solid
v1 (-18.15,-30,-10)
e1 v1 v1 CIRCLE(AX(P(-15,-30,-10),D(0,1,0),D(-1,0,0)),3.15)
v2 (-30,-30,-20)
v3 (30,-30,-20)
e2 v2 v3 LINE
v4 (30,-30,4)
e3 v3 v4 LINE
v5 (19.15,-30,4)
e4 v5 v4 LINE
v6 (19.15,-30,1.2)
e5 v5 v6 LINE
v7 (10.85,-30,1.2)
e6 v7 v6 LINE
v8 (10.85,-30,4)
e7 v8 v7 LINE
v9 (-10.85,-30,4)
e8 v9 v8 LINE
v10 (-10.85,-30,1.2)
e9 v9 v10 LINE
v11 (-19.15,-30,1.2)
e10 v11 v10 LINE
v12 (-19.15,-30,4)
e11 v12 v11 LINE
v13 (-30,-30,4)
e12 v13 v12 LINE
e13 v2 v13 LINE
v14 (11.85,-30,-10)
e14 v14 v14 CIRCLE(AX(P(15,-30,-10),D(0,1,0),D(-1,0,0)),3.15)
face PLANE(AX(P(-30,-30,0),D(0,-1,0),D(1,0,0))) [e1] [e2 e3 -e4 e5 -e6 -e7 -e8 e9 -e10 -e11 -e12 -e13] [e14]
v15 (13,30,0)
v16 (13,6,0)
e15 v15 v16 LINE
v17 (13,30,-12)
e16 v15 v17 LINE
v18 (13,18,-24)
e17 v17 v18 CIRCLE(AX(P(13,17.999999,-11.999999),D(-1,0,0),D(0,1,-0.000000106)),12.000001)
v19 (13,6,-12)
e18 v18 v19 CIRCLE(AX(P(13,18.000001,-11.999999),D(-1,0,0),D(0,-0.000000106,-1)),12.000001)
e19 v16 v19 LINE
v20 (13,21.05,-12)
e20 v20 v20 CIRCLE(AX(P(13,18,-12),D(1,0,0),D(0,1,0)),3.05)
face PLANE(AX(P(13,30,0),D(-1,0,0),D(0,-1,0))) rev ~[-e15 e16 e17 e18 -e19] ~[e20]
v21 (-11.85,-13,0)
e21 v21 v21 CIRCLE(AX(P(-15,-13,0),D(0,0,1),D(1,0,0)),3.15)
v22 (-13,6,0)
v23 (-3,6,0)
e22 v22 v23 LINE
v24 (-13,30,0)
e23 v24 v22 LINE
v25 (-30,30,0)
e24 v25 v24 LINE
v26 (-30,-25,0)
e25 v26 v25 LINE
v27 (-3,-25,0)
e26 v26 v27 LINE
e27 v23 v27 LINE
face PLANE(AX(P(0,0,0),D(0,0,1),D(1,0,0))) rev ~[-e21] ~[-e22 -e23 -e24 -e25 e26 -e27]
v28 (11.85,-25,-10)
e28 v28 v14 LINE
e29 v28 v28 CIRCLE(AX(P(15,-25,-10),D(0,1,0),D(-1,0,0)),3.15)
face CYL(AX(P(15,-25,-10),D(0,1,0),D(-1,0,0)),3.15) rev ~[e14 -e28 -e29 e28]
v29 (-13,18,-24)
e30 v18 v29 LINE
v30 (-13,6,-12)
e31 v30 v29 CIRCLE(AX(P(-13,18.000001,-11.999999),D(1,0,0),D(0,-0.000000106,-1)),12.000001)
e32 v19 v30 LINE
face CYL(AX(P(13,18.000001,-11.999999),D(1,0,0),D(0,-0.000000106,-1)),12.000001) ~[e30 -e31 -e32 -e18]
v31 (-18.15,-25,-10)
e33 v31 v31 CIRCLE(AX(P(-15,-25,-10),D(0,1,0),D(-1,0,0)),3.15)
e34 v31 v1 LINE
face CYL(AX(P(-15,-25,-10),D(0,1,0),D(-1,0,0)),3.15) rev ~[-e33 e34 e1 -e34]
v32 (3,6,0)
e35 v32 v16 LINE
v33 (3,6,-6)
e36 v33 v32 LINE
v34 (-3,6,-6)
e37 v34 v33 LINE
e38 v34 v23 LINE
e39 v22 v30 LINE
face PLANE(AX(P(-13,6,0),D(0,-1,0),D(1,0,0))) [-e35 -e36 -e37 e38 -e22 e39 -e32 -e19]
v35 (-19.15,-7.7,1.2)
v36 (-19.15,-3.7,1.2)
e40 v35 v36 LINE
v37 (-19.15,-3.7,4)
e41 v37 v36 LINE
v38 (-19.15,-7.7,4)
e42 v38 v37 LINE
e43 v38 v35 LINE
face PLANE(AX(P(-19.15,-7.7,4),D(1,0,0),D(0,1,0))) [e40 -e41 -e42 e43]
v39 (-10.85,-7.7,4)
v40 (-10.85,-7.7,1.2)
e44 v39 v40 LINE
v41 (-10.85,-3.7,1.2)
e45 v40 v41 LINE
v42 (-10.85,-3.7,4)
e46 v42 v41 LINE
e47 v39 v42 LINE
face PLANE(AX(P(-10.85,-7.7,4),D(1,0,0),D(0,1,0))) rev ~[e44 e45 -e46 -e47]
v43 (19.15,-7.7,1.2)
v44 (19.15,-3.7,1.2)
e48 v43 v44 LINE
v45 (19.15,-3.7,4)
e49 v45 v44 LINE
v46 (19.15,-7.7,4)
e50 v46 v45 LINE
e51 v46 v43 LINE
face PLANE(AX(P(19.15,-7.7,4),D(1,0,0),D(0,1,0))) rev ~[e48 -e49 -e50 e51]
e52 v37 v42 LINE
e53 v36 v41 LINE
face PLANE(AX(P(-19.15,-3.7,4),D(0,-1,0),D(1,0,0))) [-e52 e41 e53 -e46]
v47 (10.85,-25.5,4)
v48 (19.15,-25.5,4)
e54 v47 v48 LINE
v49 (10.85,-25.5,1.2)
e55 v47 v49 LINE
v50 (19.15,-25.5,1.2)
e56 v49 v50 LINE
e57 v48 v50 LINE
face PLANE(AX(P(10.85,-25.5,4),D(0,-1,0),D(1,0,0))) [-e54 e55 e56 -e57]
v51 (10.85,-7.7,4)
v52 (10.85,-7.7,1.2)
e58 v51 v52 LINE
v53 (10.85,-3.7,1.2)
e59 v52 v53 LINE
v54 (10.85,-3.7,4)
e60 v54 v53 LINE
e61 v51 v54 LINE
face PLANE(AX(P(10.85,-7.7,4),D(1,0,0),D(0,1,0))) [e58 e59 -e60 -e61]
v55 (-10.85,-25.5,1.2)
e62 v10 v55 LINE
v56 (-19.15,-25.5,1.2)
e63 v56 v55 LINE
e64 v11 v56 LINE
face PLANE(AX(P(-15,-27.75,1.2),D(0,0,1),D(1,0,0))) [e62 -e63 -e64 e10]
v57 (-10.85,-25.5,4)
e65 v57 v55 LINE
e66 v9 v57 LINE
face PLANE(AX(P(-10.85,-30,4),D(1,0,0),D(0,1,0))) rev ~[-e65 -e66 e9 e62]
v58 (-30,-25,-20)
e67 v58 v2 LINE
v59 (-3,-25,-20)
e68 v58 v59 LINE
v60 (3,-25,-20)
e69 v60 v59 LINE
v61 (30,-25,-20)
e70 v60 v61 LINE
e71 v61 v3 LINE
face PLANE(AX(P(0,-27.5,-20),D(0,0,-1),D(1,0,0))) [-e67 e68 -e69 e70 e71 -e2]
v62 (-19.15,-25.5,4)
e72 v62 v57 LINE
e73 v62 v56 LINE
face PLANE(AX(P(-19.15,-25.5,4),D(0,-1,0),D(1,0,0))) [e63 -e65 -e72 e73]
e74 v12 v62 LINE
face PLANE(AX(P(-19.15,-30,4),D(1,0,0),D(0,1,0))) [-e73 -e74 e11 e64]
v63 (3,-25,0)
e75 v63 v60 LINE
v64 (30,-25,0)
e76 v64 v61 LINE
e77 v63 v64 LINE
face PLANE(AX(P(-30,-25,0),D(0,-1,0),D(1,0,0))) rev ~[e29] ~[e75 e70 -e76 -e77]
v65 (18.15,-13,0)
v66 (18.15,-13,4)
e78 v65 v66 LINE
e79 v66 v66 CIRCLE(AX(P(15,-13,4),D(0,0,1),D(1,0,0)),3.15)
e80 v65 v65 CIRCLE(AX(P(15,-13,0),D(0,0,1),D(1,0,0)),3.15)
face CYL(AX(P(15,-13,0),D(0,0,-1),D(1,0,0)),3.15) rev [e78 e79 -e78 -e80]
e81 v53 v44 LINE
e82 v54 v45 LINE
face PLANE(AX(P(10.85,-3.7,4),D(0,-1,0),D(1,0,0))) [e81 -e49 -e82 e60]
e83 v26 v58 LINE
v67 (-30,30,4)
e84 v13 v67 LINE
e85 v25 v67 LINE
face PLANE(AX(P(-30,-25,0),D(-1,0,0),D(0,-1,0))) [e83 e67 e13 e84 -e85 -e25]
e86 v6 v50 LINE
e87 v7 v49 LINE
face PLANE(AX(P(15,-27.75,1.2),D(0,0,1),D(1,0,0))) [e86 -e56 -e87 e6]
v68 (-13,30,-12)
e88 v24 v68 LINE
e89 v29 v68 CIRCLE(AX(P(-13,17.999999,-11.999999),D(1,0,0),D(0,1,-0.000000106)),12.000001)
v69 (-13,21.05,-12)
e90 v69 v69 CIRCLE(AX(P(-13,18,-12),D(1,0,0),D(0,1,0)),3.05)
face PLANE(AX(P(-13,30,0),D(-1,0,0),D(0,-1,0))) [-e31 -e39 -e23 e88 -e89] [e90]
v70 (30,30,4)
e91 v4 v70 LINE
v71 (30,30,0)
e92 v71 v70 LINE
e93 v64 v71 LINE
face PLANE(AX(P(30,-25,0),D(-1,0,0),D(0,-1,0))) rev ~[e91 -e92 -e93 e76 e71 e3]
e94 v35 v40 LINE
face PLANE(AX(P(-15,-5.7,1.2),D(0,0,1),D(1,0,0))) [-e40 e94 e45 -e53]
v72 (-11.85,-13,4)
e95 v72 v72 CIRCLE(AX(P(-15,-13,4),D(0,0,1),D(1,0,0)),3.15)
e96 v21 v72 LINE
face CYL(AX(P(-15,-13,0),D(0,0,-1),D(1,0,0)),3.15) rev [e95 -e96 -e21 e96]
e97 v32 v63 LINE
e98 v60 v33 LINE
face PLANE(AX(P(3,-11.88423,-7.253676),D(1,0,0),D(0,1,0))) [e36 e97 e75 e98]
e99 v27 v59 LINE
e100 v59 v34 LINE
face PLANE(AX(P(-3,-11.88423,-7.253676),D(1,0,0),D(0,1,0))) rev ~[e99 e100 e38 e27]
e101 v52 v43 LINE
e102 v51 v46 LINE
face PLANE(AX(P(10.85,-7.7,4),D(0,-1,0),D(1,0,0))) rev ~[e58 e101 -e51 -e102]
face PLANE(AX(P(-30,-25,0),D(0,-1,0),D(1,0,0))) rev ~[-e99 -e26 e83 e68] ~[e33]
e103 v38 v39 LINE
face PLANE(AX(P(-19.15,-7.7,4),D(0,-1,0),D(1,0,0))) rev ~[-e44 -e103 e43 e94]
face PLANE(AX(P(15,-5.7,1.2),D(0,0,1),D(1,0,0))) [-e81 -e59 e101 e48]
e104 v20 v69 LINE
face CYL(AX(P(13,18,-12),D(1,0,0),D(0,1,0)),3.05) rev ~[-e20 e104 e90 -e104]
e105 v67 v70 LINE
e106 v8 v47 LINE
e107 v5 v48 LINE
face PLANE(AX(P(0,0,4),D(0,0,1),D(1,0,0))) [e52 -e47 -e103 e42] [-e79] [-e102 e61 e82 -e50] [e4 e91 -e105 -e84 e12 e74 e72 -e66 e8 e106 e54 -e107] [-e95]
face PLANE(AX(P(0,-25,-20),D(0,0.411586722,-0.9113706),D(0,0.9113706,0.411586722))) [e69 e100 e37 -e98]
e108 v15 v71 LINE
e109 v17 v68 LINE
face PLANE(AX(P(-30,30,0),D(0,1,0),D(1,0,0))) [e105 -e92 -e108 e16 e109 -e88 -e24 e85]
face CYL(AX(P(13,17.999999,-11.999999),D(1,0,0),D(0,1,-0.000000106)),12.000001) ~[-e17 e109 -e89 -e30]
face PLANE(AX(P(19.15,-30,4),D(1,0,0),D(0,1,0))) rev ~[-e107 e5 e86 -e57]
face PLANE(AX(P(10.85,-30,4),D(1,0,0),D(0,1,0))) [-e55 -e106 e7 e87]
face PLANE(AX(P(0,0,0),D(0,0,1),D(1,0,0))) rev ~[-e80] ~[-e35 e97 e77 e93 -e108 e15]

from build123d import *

# Parameters (mm, degrees)
F0_W           = 60
F0_H           = 60
F0_R           = 3.15
F1_DEPTH       = 4
F2_W           = 8.3
F2_H           = 4.5
F2_H_2         = 4
F3_DEPTH       = 2.8
F4_W           = 26
F4_H           = 24
F5_DEPTH       = 24
F6_R           = 3.05
F7_DEPTH       = 43.001
F8_W           = 60
F8_H           = 5
F9_DEPTH       = 20
F11_DEPTH      = 3
F11_DEPTH_BACK = 3
F12_R          = 3.15
F13_DEPTH      = 5.001


with BuildPart() as f1:
    # F0 (on Top) → F1 (new body)
    with BuildSketch(Plane.XY):
        Rectangle(F0_W, F0_H)
        with Locations((-15, -13)):
            Circle(F0_R, mode=Mode.SUBTRACT)
        with Locations((15, -13)):
            Circle(F0_R, mode=Mode.SUBTRACT)
    extrude(amount=F1_DEPTH)

    # F2 (on face) → F3 (cut)
    with BuildSketch(Plane.XY.offset(4)):
        with Locations((-15, -27.75)):
            Rectangle(F2_W, F2_H)
        with Locations((15, -27.75)):
            Rectangle(F2_W, F2_H)
        with Locations((-15, -5.7)):
            Rectangle(F2_W, F2_H_2)
        with Locations((15, -5.7)):
            Rectangle(F2_W, F2_H_2)
    extrude(amount=-F3_DEPTH, mode=Mode.SUBTRACT)

    # F4 (on face) → F5 (join)
    with BuildSketch(Plane(origin=(0, 0, 0), x_dir=(1, 0, 0), z_dir=(0, 0, -1))):
        with Locations((0, -18)):
            Rectangle(F4_W, F4_H)
    extrude(amount=F5_DEPTH)

    # F6 (on face) → F7 (cut, through all)
    with BuildSketch(Plane.YZ.offset(13)):
        with BuildLine():
            ThreePointArc((30, -12), (26.485281, -20.485281), (18, -24))
            Line((18, -24), (30, -24))
            Line((30, -24), (30, -12))
        make_face()
        with BuildLine():
            ThreePointArc((18, -24), (9.514719, -20.485281), (6, -12))
            Line((6, -12), (6, -24))
            Line((6, -24), (18, -24))
        make_face()
        with Locations((18, -12)):
            Circle(F6_R)
    extrude(amount=-F7_DEPTH, mode=Mode.SUBTRACT)

    # F8 (on face) → F9 (join)
    with BuildSketch(Plane(origin=(0, 0, 0), x_dir=(1, 0, 0), z_dir=(0, 0, -1))):
        with Locations((0, 27.5)):
            Rectangle(F8_W, F8_H)
    extrude(amount=F9_DEPTH)

    # F10 (on Right) → F11 (join, two sides)
    with BuildSketch(Plane.YZ) as f11_sk:
        Polygon((-25, 0), (-25, -20), (6, -6), (6, 0), align=None)
    extrude(amount=F11_DEPTH)
    extrude(f11_sk.sketch, amount=-F11_DEPTH_BACK)

    # F12 (on face) → F13 (cut, through all)
    with BuildSketch(Plane(origin=(0, -25, 0), x_dir=(-1, 0, 0), z_dir=(0, 1, 0))):
        with Locations((15, -10)):
            Circle(F12_R)
        with Locations((-15, -10)):
            Circle(F12_R)
    extrude(amount=-F13_DEPTH, mode=Mode.SUBTRACT)


solid = f1.part
